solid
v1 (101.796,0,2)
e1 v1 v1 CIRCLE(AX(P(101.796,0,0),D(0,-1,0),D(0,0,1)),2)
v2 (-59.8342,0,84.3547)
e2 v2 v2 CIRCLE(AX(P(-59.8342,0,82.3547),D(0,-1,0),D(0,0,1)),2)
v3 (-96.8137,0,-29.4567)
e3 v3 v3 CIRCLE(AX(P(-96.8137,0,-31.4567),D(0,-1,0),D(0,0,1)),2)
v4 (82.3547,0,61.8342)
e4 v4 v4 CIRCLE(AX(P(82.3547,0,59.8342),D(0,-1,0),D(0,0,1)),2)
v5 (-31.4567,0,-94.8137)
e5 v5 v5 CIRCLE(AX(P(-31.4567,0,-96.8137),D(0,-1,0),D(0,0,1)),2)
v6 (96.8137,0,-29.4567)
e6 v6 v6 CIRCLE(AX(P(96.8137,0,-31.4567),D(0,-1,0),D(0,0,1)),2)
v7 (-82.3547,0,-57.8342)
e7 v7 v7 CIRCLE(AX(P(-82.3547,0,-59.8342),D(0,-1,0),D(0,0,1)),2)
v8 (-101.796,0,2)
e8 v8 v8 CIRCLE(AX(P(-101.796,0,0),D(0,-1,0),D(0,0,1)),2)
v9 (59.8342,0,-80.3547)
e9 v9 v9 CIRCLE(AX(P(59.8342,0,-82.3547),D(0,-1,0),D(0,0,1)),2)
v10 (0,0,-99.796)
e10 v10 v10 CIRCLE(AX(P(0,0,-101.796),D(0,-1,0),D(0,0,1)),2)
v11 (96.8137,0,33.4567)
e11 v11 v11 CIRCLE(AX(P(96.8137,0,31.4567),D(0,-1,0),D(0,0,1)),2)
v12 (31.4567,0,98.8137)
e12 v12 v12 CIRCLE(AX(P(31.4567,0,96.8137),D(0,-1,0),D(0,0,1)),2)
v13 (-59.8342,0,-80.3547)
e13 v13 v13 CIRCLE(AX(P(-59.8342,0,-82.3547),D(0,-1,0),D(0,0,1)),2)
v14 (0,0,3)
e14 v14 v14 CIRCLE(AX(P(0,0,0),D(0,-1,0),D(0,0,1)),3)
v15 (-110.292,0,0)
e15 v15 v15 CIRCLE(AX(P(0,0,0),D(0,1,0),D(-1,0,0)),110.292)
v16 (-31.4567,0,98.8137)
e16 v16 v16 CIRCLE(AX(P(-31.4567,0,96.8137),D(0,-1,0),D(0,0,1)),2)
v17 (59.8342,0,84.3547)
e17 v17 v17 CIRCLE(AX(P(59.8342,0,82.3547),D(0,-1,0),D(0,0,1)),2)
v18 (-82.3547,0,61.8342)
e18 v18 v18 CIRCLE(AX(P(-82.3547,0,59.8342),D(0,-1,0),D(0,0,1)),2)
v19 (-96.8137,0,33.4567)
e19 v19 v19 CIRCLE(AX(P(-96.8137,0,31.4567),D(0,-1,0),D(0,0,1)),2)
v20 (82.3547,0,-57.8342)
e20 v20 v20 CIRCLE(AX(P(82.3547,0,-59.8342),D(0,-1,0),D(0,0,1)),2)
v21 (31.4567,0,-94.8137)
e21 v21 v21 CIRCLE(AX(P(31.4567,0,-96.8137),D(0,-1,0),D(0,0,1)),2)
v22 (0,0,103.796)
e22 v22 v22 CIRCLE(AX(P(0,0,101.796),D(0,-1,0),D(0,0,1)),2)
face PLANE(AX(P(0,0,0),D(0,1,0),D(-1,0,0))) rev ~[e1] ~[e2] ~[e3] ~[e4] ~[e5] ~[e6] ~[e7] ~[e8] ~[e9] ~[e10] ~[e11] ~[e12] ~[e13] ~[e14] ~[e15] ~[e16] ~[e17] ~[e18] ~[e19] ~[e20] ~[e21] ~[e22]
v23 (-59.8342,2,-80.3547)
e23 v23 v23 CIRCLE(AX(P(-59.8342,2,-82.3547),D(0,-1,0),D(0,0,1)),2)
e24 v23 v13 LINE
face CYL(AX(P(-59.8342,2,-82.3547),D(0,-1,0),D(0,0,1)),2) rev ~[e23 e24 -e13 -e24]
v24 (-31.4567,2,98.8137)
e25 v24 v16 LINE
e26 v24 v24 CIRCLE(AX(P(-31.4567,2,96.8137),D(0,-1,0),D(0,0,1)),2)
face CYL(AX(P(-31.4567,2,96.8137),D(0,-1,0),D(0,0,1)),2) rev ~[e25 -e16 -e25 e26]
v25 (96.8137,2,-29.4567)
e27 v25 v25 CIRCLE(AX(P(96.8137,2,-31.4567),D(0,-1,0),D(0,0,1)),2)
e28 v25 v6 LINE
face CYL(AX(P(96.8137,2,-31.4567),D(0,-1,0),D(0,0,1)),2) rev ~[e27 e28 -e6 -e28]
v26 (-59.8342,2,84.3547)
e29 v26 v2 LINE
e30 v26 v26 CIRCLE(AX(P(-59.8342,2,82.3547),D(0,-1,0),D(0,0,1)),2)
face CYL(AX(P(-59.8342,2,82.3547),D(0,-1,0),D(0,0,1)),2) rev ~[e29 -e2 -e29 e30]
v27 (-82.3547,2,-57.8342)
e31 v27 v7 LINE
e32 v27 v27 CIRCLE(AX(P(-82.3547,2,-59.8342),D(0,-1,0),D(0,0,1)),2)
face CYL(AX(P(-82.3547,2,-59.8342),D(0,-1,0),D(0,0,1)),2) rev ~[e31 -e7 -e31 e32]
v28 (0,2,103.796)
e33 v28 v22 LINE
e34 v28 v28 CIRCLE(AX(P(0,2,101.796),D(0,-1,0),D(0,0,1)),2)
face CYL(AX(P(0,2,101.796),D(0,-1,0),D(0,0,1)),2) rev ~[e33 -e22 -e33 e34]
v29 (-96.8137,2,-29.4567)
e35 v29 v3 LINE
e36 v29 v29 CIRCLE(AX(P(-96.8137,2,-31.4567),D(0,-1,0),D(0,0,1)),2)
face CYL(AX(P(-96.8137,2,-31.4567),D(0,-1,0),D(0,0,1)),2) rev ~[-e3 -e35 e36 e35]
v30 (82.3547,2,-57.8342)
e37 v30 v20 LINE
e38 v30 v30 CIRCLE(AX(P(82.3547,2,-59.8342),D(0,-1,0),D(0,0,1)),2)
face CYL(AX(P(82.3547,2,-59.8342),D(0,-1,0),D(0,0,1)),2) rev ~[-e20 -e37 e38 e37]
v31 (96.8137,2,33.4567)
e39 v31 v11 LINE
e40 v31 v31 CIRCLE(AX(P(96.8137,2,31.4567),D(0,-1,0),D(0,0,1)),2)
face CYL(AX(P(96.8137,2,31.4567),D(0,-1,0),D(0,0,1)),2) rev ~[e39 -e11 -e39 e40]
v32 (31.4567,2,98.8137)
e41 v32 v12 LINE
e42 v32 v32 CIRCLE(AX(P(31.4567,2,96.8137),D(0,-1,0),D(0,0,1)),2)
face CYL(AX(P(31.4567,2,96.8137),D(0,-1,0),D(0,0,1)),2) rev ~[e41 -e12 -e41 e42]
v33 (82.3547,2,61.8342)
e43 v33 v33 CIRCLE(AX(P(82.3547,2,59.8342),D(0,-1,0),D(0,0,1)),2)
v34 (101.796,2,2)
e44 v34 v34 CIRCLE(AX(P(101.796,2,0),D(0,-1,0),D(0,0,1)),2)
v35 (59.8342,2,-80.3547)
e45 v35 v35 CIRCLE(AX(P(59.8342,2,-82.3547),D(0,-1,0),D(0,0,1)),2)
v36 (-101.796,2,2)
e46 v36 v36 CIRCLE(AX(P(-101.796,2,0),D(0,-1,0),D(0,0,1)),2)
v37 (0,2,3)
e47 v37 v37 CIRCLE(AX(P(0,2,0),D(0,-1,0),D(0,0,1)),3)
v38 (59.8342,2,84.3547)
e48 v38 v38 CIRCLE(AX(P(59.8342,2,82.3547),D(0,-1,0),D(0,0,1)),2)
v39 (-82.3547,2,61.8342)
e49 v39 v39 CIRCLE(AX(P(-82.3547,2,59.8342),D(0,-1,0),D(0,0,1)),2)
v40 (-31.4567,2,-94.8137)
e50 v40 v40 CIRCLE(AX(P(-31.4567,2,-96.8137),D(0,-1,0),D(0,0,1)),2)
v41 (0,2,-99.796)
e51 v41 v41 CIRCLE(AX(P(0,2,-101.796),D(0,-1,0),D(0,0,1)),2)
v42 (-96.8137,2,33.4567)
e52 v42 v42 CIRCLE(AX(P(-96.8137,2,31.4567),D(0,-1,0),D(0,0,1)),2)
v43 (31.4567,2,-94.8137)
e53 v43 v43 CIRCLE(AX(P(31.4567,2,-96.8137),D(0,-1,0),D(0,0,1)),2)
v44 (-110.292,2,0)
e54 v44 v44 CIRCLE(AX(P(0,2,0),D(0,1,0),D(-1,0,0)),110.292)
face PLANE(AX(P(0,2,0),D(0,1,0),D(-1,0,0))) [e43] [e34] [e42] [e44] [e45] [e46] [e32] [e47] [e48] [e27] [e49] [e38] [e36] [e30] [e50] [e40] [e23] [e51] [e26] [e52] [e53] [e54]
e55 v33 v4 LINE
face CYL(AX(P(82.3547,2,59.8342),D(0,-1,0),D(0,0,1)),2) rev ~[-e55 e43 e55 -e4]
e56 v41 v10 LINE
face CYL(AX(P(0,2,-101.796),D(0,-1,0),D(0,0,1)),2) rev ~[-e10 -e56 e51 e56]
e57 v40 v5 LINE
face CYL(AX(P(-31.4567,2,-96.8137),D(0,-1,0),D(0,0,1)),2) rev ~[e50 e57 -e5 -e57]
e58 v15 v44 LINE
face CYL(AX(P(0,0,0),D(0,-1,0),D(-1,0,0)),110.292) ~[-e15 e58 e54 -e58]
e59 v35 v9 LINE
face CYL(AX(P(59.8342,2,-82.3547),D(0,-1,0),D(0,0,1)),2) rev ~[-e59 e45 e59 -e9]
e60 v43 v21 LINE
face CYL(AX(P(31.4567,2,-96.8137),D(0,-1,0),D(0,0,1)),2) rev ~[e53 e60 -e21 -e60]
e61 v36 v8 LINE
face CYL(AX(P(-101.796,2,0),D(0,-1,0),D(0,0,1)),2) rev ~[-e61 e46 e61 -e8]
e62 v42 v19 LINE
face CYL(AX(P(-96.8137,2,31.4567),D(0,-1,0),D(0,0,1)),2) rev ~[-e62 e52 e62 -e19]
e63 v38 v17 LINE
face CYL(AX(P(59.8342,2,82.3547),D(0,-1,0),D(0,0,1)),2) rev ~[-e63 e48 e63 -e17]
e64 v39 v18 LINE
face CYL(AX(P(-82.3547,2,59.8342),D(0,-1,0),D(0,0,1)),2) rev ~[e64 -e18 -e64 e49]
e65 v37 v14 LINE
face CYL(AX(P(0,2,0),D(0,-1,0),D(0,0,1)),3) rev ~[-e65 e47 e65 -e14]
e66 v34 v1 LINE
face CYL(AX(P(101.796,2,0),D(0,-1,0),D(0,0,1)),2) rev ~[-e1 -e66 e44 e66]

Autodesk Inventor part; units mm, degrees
ref_plane "YZ Plane" through (0, 0, 0) normal (1, 0, 0) x (0, 1, 0)
ref_plane "XZ Plane" through (0, 0, 0) normal (0, 1, 0) x (-1, 0, 0)
ref_plane "XY Plane" through (0, 0, 0) normal (0, 0, 1) x (1, 0, 0)
sketch "Sketch1" plane through (0, 0, 0) normal (0, 1, 0) x (-1, 0, 0)
  circle A0 centre (0, 0) radius 110.292
  dimension "d0" = 220.584
extrude "Extrusion1" add sketch "Sketch1" along normal blind 2
sketch "Sketch2" plane through (0, 2, 0) normal (0, 1, 0) x (1, 0, 0)
  line L0 (0, 0) -> (0, 101.796)
  circle A0 centre (0, 101.796) radius 2
  circle A1 centre (-31.4567, 96.8137) radius 2
  circle A2 centre (-59.8342, 82.3547) radius 2
  circle A3 centre (-82.3547, 59.8342) radius 2
  circle A4 centre (-96.8137, 31.4567) radius 2
  circle A5 centre (-101.796, 0) radius 2
  circle A6 centre (-96.8137, -31.4567) radius 2
  circle A7 centre (-82.3547, -59.8342) radius 2
  circle A8 centre (-59.8342, -82.3547) radius 2
  circle A9 centre (-31.4567, -96.8137) radius 2
  circle A10 centre (0, -101.796) radius 2
  circle A11 centre (31.4567, -96.8137) radius 2
  circle A12 centre (59.8342, -82.3547) radius 2
  circle A13 centre (82.3547, -59.8342) radius 2
  circle A14 centre (96.8137, -31.4567) radius 2
  circle A15 centre (101.796, 0) radius 2
  circle A16 centre (96.8137, 31.4567) radius 2
  circle A17 centre (82.3547, 59.8342) radius 2
  circle A18 centre (59.8342, 82.3547) radius 2
  circle A19 centre (31.4567, 96.8137) radius 2
  dimension "d3" = 101.796
  dimension "d4" = 4
  dimension "d7" = 360
hole "Hole1" at (-96.8137, 2, -31.4567) at (-82.3547, 2, -59.8342) at (-59.8342, 2, -82.3547) at (-31.4567, 2, -96.8137) at (31.4567, 2, -96.8137) at (59.8342, 2, -82.3547) at (82.3547, 2, -59.8342) at (96.8137, 2, -31.4567) at (101.796, 2, 0) at (96.8137, 2, 31.4567) at (82.3547, 2, 59.8342) at (59.8342, 2, 82.3547) at (31.4567, 2, 96.8137) at (0, 2, 101.796) at (-31.4567, 2, 96.8137) at (-59.8342, 2, 82.3547) at (-82.3547, 2, 59.8342) at (-96.8137, 2, 31.4567) at (-101.796, 2, 0) at (0, 2, -101.796) direction (0, -1, 0) diameter 4 end through all
sketch "Sketch4" plane through (0, 2, 0) normal (0, 1, 0) x (1, 0, 0)
  point P0 (0, 0)
  point P1 (0, 0)
hole "Hole2" at (0, 2, 0) direction (0, -1, 0) diameter 6 end through all
properties part number "baseplate_azimuth_gear" material "Aluminum 6061"
